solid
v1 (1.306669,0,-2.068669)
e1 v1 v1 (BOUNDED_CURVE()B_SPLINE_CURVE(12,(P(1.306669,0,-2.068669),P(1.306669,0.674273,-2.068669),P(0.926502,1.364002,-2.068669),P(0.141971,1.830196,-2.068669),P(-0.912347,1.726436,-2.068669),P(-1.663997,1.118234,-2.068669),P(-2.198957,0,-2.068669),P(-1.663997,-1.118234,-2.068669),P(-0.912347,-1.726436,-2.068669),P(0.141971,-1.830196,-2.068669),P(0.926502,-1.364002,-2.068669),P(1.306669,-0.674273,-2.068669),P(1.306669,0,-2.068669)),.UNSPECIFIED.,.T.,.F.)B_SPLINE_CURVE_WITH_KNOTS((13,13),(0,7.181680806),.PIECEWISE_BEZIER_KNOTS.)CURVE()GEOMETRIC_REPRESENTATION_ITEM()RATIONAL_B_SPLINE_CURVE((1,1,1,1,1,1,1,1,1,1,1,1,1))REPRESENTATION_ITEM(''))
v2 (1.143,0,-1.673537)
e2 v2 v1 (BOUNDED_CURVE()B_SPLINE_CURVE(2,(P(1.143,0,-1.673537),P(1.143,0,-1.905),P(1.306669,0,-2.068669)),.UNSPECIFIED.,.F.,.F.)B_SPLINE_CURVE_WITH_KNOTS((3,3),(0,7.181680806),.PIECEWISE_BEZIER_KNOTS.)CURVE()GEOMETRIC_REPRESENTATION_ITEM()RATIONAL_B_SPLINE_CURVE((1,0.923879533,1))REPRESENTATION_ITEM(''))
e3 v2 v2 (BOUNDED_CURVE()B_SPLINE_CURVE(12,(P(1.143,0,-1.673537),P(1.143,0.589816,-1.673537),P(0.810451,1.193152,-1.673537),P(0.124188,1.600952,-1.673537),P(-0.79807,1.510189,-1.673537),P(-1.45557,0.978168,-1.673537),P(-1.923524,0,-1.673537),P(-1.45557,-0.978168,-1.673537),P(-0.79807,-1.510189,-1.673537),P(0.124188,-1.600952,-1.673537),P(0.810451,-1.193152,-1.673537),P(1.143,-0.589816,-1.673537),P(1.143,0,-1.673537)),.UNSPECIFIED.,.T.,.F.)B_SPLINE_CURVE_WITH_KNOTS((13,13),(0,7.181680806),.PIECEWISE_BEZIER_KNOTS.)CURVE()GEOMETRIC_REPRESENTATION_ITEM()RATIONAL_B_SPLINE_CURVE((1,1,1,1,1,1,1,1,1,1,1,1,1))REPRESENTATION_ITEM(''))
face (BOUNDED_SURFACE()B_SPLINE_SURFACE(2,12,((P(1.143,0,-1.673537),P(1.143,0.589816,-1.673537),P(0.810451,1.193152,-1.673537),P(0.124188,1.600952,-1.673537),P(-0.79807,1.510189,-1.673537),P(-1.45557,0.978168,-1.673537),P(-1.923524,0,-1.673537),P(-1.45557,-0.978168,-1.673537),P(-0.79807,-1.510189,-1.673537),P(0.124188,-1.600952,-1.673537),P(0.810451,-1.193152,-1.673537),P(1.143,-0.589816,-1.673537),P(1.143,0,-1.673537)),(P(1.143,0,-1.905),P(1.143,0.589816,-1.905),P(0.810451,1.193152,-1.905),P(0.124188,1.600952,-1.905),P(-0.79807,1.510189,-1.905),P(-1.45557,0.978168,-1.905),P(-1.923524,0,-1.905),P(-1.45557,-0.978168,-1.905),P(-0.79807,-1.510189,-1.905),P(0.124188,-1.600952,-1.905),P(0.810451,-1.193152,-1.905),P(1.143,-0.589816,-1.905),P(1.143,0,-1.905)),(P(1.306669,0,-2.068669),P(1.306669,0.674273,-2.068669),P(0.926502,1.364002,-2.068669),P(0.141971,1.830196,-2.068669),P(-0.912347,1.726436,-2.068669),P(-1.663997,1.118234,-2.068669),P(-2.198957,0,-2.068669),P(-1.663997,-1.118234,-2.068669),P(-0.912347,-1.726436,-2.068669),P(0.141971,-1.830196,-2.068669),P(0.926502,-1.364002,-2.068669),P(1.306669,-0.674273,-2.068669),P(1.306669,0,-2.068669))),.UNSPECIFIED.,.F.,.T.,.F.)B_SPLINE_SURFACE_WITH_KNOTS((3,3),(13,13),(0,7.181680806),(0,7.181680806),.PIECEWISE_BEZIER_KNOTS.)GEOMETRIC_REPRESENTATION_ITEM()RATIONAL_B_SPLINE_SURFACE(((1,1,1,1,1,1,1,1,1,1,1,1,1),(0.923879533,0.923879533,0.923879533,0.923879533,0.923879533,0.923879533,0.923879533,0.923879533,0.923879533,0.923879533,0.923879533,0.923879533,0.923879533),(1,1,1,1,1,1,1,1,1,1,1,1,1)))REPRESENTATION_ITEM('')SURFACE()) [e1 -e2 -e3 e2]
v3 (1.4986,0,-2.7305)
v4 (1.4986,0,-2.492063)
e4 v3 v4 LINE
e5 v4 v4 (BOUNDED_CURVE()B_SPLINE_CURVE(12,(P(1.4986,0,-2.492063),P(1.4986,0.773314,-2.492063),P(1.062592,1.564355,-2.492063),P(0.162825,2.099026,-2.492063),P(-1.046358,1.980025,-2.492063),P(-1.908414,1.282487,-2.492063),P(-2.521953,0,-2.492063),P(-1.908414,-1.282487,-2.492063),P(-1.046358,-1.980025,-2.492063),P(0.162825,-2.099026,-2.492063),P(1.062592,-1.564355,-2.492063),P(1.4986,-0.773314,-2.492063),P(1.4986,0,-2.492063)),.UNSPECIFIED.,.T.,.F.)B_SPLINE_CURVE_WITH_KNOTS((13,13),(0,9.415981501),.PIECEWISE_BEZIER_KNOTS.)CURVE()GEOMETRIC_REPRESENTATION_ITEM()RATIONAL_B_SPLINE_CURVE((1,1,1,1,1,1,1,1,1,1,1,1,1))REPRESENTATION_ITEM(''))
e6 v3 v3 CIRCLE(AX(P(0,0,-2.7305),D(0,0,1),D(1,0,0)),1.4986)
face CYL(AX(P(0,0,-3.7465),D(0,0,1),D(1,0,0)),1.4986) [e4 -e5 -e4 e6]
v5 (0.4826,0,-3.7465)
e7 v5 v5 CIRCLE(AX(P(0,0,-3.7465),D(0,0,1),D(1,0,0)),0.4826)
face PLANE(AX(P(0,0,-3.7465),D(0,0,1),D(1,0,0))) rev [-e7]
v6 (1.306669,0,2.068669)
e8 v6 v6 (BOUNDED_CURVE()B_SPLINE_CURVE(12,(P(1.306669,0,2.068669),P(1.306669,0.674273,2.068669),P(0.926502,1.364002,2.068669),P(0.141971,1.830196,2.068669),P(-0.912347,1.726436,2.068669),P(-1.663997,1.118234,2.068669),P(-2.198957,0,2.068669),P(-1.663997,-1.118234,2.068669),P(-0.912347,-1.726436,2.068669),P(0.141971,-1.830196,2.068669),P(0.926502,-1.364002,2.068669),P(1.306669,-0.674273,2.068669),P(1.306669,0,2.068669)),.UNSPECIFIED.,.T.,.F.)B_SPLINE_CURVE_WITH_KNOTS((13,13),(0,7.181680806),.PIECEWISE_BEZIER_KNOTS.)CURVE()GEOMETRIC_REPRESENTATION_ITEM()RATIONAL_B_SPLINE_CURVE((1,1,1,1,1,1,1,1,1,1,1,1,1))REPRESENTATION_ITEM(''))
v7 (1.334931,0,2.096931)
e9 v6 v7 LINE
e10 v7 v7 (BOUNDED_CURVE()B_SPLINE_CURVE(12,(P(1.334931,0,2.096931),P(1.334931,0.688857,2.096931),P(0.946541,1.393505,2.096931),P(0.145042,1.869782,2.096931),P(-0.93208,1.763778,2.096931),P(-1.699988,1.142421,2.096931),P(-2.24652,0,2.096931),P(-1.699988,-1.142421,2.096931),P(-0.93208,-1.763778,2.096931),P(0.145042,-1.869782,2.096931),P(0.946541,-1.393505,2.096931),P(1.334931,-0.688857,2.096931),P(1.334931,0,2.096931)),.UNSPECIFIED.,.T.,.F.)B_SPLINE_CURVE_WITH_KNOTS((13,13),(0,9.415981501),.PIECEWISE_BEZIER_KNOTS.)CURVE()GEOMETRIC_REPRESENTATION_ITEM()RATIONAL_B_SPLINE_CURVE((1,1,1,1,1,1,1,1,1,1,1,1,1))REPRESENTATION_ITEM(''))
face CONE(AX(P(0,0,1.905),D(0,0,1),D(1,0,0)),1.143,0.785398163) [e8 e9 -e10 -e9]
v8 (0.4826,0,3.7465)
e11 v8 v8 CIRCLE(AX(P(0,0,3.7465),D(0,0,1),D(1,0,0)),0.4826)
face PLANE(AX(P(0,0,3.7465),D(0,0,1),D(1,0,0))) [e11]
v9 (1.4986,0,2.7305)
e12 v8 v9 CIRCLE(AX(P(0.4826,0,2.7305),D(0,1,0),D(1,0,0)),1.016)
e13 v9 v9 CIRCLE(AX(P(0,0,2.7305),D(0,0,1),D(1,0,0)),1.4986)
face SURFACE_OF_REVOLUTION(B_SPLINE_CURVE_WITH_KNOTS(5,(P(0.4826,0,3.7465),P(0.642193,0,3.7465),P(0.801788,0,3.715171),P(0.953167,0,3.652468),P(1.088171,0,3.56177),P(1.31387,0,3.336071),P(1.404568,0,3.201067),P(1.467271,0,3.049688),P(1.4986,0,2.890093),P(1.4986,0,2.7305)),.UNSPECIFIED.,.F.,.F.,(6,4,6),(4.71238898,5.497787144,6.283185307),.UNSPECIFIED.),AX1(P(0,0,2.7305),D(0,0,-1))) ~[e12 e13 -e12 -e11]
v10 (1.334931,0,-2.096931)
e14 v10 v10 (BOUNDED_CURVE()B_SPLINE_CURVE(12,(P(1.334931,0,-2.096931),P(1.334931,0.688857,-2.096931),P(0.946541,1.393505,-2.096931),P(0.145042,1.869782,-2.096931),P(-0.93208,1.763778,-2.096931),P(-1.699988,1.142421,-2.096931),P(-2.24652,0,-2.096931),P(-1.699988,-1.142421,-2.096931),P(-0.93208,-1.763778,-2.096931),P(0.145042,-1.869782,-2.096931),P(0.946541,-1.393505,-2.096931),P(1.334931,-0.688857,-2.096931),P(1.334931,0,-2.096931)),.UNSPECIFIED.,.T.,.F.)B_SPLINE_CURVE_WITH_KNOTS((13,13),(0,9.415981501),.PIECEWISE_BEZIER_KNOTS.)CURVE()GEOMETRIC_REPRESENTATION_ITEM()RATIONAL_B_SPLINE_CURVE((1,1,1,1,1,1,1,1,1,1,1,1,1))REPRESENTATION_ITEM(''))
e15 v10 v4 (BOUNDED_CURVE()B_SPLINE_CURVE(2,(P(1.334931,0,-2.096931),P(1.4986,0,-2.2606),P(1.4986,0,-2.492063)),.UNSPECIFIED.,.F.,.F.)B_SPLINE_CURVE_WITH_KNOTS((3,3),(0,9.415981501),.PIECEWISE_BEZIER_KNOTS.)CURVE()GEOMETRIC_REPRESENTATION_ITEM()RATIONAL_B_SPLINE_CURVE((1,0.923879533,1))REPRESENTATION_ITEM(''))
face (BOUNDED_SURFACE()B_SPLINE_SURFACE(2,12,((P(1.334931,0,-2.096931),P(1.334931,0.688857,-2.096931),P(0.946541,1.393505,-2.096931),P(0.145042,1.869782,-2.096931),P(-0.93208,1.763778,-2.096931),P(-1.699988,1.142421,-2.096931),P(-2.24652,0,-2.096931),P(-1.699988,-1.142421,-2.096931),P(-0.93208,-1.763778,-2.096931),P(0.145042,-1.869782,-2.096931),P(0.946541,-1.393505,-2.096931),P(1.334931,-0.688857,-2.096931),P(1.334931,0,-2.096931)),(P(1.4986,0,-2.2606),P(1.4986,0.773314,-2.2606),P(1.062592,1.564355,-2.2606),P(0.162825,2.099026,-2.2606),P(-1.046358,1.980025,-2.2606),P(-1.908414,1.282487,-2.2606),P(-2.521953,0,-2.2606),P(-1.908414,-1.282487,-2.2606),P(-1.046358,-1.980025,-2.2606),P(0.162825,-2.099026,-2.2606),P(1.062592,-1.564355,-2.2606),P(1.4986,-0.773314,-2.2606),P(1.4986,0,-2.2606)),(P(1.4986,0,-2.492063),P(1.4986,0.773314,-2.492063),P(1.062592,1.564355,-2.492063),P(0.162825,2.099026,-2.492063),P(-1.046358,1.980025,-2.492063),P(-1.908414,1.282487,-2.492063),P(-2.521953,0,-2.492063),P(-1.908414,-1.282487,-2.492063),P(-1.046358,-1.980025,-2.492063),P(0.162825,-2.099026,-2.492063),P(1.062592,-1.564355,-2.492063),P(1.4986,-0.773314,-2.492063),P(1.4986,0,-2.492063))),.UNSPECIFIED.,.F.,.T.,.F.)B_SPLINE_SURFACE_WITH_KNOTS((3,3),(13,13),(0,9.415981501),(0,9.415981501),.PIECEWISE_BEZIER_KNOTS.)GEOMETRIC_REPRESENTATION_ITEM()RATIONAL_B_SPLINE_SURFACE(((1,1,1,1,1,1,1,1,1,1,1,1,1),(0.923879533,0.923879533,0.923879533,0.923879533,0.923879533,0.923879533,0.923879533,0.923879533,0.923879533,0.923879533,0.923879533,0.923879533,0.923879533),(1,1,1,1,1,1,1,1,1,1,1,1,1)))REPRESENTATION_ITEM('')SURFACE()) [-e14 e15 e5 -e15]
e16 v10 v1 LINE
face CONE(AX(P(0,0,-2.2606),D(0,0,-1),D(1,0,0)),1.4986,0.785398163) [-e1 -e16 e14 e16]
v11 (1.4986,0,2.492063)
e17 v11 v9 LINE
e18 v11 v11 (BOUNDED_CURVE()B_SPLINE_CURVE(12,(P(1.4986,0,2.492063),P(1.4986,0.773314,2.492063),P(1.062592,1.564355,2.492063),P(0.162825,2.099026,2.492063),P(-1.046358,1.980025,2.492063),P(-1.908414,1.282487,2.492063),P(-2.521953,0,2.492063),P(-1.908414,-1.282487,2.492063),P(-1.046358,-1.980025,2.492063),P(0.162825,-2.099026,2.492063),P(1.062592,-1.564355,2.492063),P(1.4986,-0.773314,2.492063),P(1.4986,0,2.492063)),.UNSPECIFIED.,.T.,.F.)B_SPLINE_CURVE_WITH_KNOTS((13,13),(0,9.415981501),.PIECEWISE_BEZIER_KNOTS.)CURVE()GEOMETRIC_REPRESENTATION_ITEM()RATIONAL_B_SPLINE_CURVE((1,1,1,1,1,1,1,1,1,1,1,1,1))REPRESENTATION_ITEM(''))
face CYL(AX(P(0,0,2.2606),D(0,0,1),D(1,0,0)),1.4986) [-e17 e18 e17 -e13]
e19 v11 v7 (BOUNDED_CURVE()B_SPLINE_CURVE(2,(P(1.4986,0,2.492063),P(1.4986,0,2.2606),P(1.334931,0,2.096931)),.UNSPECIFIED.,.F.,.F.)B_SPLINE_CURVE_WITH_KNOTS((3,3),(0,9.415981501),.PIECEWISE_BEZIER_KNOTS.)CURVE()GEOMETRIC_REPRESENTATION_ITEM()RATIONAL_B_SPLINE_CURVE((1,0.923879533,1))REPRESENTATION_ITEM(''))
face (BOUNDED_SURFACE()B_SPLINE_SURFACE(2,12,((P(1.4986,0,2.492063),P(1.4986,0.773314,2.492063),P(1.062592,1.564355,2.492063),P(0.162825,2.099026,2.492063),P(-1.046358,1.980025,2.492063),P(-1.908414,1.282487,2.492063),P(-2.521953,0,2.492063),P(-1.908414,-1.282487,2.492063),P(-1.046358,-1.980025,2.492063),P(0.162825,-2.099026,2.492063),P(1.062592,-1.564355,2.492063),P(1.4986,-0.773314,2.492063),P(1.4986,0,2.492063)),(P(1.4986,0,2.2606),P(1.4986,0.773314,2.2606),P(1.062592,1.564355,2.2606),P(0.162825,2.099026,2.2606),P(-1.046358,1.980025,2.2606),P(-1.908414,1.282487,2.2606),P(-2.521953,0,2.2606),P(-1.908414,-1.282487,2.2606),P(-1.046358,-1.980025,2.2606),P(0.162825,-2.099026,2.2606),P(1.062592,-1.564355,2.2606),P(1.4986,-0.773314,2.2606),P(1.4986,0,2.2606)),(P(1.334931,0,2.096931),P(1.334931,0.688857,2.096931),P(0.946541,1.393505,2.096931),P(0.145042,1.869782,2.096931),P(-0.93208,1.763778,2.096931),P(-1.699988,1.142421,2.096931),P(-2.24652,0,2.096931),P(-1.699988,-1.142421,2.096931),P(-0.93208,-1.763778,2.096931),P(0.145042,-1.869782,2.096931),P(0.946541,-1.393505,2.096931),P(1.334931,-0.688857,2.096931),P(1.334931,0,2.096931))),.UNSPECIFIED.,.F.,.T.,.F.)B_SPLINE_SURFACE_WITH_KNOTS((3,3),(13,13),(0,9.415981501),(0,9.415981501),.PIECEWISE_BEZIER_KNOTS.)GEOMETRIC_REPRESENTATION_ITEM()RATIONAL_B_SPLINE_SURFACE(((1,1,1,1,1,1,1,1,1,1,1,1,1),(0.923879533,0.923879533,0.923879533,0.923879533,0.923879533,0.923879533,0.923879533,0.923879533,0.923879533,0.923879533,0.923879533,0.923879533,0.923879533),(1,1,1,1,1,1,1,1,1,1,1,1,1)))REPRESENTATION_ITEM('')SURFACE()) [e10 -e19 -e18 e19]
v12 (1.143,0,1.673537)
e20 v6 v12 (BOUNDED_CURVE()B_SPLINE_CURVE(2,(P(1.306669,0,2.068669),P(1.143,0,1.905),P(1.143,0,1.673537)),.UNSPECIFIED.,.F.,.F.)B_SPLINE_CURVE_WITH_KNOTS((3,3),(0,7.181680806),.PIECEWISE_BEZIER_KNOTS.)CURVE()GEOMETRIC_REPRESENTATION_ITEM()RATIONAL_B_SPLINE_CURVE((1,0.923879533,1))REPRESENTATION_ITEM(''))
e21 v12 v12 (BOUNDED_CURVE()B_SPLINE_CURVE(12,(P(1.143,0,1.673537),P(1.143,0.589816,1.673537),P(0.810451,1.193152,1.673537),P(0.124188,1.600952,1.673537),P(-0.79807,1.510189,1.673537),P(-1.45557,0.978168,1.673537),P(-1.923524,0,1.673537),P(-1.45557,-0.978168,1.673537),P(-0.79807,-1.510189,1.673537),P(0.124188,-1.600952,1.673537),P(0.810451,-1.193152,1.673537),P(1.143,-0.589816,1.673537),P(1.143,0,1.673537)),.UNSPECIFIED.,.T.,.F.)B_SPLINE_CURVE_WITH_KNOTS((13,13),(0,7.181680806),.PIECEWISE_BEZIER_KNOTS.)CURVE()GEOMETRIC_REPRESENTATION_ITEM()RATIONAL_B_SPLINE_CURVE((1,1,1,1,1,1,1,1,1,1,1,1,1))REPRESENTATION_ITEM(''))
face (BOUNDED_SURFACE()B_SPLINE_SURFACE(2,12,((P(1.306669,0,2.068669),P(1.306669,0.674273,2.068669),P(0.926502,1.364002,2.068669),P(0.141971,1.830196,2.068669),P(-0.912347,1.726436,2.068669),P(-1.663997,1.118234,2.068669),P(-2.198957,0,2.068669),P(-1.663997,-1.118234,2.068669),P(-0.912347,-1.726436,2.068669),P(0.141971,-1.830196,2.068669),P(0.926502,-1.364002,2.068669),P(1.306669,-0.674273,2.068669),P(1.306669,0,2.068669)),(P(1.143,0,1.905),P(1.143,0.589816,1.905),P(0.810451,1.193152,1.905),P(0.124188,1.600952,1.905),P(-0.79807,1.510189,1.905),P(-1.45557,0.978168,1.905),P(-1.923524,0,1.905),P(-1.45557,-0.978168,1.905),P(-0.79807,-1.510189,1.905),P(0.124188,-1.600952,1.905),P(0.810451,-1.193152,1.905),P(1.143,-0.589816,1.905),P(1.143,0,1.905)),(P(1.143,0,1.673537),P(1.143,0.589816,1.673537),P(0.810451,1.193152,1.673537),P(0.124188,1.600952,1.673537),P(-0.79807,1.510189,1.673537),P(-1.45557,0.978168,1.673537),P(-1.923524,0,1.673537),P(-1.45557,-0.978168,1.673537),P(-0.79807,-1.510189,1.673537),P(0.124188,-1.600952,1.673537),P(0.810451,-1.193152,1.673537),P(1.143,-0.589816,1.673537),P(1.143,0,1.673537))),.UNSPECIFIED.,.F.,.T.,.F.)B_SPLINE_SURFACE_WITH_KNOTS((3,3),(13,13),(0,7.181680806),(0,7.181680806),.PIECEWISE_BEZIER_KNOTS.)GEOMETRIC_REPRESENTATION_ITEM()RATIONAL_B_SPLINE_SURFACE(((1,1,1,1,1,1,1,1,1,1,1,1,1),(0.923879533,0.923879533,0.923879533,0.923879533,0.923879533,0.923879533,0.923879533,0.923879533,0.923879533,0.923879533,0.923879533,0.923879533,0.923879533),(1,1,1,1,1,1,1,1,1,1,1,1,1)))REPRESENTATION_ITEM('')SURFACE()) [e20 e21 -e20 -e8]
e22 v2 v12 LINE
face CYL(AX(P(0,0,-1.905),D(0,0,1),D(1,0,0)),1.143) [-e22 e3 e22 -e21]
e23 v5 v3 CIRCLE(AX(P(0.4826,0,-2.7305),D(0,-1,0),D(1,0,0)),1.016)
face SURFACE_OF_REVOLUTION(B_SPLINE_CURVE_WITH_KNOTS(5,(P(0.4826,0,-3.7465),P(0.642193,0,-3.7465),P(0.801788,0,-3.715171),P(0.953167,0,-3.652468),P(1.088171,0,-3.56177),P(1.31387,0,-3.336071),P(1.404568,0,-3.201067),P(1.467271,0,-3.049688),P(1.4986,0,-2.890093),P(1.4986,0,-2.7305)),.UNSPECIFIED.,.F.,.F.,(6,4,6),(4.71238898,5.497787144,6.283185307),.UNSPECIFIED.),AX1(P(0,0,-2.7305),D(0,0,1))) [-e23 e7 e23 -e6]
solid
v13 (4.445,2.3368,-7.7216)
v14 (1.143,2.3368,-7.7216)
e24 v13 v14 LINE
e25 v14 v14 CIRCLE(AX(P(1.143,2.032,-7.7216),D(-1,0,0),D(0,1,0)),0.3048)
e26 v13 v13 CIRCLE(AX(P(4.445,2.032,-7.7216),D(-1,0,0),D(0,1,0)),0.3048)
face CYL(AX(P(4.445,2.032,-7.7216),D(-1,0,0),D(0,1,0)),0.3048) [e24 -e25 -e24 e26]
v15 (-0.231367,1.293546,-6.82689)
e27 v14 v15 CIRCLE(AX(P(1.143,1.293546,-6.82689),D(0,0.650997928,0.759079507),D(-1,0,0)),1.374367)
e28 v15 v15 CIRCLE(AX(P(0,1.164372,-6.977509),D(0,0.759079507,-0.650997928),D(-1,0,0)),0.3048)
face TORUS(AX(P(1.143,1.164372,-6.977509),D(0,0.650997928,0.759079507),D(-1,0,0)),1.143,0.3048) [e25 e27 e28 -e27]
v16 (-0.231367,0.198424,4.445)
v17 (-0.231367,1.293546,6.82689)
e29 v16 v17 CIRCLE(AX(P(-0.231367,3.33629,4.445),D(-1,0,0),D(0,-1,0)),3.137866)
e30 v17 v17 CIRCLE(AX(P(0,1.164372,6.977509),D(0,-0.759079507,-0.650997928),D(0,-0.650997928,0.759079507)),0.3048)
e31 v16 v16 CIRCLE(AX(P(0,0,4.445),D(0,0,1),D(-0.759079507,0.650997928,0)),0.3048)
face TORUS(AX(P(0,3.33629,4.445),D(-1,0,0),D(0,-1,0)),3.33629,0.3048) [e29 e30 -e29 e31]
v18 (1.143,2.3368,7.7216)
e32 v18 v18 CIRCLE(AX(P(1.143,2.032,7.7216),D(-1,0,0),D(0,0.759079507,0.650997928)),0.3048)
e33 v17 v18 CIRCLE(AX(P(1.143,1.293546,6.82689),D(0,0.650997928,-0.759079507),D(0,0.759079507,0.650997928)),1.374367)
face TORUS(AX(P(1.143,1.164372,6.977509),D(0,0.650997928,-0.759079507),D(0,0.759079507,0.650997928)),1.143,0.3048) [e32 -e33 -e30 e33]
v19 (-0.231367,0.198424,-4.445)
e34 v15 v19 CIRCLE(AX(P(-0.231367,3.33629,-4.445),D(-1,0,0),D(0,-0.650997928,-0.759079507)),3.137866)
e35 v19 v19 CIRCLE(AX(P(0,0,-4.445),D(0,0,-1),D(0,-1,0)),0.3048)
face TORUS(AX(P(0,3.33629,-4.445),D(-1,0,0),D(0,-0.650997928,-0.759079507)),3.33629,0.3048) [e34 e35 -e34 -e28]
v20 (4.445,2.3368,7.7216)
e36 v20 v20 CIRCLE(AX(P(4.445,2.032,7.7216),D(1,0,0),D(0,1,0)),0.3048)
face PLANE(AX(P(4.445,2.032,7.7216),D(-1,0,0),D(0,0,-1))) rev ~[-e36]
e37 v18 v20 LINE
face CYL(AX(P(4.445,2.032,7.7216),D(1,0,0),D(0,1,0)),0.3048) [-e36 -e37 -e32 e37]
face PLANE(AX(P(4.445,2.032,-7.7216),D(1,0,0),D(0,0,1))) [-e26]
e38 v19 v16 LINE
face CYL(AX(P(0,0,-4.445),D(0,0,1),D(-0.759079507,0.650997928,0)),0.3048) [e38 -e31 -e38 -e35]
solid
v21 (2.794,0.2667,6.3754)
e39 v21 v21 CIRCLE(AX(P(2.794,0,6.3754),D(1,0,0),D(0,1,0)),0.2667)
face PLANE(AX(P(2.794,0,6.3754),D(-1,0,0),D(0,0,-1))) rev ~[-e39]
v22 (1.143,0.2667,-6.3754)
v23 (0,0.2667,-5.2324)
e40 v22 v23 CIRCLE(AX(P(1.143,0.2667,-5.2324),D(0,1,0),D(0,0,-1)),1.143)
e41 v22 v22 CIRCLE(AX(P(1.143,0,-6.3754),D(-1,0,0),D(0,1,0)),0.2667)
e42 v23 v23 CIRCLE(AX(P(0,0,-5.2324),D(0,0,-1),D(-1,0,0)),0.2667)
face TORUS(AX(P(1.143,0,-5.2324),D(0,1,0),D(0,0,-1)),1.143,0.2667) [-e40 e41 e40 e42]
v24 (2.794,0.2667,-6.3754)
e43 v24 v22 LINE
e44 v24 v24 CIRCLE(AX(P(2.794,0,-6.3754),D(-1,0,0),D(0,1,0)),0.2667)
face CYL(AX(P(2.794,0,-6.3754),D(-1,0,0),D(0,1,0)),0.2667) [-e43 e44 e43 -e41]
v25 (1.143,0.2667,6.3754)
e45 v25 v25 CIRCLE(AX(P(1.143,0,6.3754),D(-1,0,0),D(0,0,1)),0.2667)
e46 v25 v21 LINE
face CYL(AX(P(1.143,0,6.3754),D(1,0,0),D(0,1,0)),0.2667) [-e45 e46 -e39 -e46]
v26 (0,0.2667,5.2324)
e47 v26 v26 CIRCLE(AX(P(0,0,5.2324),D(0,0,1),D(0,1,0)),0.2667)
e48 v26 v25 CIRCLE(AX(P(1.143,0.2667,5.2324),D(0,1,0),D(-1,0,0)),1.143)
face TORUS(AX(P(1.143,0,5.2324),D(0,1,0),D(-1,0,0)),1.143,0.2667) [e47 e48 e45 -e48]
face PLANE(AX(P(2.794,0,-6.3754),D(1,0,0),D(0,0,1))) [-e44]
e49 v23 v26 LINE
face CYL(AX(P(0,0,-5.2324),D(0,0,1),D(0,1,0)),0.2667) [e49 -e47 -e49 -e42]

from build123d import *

# Parameters (mm, degrees)
F2_R  = 1.016
F3_R  = 0.5588
F7_R  = 0.3048
F16_R = 0.2667


with BuildPart() as f1:
    # F0 (on Front) → F1 (revolve)
    with BuildSketch(Plane.XZ):
        Polygon((1.4986, 3.7465), (0, 3.7465), (0, -3.7465), (1.4986, -3.7465), (1.4986, -2.2606), (1.143, -1.905), (1.143, 1.905), (1.4986, 2.2606), align=None)
    revolve(axis=Axis((0, 0, 0), (0, 0, 1)))

    # F2
    f2_edges = [f1.edges().sort_by_distance(p)[0] for p in [
        (-1.4986, 0, 3.7465),
        (-1.4986, 0, -3.7465),
    ]]
    fillet(f2_edges, radius=F2_R)

    # F3
    f3_edges = [f1.edges().sort_by_distance(p)[0] for p in [
        (-1.4986, 0, 2.2606),
        (-1.143, 0, 1.905),
        (-1.143, 0, -1.905),
        (-1.4986, 0, -2.2606),
    ]]
    fillet(f3_edges, radius=F3_R)


with BuildPart() as f13:
    # F13: sweep along a path in F5, F12, F8, F10, F5
    with BuildLine(Plane.XZ.offset(-2.032)) as f13_path:
        Line((4.445, -7.7216), (1.143, -7.7216))
    with BuildLine(Plane(origin=(0, -2.9545414218, -3.4450675651), x_dir=(1, 0, 0), z_dir=(0, -0.6509979278, -0.759079507))) as f13_path_2:
        ThreePointArc((0, -5.4261951576), (0.3347769491, -6.2344182085), (1.143, -6.5691951576))
    with BuildLine(Plane.YZ) as f13_path_3:
        ThreePointArc((1.1643721235, -6.9775093685), (0.3050378778, -5.8386791366), (0, -4.445))
        Line((0, -4.445), (0, 0))
        Line((0, 0), (0, 4.445))
        ThreePointArc((0, 4.445), (0.3050378778, 5.8386791366), (1.1643721235, 6.9775093685))
    with BuildLine(Plane(origin=(0, -2.9545414218, 3.4450675651), x_dir=(1, 0, 0), z_dir=(0, -0.6509979278, 0.759079507))) as f13_path_4:
        ThreePointArc((1.143, 6.5691951576), (0.3347769491, 6.2344182085), (0, 5.4261951576))
    with BuildLine(Plane.XZ.offset(-2.032)) as f13_path_5:
        Line((4.445, 7.7216), (1.143, 7.7216))
    # F7 (on plane+point) → F13 (sweep)
    with BuildSketch(Plane.YZ.offset(4.445)):
        with Locations((2.032, -7.7216)):
            Circle(F7_R)
    sweep(path=f13_path.line + f13_path_2.line + f13_path_3.line + f13_path_4.line + f13_path_5.line)


with BuildPart() as f17:
    # F17: sweep along a path in F14
    with BuildLine(Plane.XZ) as f17_path:
        Line((2.794, -6.3754), (1.143, -6.3754))
        ThreePointArc((1.143, -6.3754), (0.3347769491, -6.0406230509), (0, -5.2324))
        Line((0, -5.2324), (0, 0))
        Line((0, 0), (0, 5.2324))
        ThreePointArc((0, 5.2324), (0.3347769491, 6.0406230509), (1.143, 6.3754))
        Line((1.143, 6.3754), (2.794, 6.3754))
    # F16 (on plane+point) → F17 (sweep)
    with BuildSketch(Plane.YZ.offset(2.794)):
        with Locations((0, -6.3754)):
            Circle(F16_R)
    sweep(path=f17_path.line)


solid = Compound([f1.part, f13.part, f17.part])
